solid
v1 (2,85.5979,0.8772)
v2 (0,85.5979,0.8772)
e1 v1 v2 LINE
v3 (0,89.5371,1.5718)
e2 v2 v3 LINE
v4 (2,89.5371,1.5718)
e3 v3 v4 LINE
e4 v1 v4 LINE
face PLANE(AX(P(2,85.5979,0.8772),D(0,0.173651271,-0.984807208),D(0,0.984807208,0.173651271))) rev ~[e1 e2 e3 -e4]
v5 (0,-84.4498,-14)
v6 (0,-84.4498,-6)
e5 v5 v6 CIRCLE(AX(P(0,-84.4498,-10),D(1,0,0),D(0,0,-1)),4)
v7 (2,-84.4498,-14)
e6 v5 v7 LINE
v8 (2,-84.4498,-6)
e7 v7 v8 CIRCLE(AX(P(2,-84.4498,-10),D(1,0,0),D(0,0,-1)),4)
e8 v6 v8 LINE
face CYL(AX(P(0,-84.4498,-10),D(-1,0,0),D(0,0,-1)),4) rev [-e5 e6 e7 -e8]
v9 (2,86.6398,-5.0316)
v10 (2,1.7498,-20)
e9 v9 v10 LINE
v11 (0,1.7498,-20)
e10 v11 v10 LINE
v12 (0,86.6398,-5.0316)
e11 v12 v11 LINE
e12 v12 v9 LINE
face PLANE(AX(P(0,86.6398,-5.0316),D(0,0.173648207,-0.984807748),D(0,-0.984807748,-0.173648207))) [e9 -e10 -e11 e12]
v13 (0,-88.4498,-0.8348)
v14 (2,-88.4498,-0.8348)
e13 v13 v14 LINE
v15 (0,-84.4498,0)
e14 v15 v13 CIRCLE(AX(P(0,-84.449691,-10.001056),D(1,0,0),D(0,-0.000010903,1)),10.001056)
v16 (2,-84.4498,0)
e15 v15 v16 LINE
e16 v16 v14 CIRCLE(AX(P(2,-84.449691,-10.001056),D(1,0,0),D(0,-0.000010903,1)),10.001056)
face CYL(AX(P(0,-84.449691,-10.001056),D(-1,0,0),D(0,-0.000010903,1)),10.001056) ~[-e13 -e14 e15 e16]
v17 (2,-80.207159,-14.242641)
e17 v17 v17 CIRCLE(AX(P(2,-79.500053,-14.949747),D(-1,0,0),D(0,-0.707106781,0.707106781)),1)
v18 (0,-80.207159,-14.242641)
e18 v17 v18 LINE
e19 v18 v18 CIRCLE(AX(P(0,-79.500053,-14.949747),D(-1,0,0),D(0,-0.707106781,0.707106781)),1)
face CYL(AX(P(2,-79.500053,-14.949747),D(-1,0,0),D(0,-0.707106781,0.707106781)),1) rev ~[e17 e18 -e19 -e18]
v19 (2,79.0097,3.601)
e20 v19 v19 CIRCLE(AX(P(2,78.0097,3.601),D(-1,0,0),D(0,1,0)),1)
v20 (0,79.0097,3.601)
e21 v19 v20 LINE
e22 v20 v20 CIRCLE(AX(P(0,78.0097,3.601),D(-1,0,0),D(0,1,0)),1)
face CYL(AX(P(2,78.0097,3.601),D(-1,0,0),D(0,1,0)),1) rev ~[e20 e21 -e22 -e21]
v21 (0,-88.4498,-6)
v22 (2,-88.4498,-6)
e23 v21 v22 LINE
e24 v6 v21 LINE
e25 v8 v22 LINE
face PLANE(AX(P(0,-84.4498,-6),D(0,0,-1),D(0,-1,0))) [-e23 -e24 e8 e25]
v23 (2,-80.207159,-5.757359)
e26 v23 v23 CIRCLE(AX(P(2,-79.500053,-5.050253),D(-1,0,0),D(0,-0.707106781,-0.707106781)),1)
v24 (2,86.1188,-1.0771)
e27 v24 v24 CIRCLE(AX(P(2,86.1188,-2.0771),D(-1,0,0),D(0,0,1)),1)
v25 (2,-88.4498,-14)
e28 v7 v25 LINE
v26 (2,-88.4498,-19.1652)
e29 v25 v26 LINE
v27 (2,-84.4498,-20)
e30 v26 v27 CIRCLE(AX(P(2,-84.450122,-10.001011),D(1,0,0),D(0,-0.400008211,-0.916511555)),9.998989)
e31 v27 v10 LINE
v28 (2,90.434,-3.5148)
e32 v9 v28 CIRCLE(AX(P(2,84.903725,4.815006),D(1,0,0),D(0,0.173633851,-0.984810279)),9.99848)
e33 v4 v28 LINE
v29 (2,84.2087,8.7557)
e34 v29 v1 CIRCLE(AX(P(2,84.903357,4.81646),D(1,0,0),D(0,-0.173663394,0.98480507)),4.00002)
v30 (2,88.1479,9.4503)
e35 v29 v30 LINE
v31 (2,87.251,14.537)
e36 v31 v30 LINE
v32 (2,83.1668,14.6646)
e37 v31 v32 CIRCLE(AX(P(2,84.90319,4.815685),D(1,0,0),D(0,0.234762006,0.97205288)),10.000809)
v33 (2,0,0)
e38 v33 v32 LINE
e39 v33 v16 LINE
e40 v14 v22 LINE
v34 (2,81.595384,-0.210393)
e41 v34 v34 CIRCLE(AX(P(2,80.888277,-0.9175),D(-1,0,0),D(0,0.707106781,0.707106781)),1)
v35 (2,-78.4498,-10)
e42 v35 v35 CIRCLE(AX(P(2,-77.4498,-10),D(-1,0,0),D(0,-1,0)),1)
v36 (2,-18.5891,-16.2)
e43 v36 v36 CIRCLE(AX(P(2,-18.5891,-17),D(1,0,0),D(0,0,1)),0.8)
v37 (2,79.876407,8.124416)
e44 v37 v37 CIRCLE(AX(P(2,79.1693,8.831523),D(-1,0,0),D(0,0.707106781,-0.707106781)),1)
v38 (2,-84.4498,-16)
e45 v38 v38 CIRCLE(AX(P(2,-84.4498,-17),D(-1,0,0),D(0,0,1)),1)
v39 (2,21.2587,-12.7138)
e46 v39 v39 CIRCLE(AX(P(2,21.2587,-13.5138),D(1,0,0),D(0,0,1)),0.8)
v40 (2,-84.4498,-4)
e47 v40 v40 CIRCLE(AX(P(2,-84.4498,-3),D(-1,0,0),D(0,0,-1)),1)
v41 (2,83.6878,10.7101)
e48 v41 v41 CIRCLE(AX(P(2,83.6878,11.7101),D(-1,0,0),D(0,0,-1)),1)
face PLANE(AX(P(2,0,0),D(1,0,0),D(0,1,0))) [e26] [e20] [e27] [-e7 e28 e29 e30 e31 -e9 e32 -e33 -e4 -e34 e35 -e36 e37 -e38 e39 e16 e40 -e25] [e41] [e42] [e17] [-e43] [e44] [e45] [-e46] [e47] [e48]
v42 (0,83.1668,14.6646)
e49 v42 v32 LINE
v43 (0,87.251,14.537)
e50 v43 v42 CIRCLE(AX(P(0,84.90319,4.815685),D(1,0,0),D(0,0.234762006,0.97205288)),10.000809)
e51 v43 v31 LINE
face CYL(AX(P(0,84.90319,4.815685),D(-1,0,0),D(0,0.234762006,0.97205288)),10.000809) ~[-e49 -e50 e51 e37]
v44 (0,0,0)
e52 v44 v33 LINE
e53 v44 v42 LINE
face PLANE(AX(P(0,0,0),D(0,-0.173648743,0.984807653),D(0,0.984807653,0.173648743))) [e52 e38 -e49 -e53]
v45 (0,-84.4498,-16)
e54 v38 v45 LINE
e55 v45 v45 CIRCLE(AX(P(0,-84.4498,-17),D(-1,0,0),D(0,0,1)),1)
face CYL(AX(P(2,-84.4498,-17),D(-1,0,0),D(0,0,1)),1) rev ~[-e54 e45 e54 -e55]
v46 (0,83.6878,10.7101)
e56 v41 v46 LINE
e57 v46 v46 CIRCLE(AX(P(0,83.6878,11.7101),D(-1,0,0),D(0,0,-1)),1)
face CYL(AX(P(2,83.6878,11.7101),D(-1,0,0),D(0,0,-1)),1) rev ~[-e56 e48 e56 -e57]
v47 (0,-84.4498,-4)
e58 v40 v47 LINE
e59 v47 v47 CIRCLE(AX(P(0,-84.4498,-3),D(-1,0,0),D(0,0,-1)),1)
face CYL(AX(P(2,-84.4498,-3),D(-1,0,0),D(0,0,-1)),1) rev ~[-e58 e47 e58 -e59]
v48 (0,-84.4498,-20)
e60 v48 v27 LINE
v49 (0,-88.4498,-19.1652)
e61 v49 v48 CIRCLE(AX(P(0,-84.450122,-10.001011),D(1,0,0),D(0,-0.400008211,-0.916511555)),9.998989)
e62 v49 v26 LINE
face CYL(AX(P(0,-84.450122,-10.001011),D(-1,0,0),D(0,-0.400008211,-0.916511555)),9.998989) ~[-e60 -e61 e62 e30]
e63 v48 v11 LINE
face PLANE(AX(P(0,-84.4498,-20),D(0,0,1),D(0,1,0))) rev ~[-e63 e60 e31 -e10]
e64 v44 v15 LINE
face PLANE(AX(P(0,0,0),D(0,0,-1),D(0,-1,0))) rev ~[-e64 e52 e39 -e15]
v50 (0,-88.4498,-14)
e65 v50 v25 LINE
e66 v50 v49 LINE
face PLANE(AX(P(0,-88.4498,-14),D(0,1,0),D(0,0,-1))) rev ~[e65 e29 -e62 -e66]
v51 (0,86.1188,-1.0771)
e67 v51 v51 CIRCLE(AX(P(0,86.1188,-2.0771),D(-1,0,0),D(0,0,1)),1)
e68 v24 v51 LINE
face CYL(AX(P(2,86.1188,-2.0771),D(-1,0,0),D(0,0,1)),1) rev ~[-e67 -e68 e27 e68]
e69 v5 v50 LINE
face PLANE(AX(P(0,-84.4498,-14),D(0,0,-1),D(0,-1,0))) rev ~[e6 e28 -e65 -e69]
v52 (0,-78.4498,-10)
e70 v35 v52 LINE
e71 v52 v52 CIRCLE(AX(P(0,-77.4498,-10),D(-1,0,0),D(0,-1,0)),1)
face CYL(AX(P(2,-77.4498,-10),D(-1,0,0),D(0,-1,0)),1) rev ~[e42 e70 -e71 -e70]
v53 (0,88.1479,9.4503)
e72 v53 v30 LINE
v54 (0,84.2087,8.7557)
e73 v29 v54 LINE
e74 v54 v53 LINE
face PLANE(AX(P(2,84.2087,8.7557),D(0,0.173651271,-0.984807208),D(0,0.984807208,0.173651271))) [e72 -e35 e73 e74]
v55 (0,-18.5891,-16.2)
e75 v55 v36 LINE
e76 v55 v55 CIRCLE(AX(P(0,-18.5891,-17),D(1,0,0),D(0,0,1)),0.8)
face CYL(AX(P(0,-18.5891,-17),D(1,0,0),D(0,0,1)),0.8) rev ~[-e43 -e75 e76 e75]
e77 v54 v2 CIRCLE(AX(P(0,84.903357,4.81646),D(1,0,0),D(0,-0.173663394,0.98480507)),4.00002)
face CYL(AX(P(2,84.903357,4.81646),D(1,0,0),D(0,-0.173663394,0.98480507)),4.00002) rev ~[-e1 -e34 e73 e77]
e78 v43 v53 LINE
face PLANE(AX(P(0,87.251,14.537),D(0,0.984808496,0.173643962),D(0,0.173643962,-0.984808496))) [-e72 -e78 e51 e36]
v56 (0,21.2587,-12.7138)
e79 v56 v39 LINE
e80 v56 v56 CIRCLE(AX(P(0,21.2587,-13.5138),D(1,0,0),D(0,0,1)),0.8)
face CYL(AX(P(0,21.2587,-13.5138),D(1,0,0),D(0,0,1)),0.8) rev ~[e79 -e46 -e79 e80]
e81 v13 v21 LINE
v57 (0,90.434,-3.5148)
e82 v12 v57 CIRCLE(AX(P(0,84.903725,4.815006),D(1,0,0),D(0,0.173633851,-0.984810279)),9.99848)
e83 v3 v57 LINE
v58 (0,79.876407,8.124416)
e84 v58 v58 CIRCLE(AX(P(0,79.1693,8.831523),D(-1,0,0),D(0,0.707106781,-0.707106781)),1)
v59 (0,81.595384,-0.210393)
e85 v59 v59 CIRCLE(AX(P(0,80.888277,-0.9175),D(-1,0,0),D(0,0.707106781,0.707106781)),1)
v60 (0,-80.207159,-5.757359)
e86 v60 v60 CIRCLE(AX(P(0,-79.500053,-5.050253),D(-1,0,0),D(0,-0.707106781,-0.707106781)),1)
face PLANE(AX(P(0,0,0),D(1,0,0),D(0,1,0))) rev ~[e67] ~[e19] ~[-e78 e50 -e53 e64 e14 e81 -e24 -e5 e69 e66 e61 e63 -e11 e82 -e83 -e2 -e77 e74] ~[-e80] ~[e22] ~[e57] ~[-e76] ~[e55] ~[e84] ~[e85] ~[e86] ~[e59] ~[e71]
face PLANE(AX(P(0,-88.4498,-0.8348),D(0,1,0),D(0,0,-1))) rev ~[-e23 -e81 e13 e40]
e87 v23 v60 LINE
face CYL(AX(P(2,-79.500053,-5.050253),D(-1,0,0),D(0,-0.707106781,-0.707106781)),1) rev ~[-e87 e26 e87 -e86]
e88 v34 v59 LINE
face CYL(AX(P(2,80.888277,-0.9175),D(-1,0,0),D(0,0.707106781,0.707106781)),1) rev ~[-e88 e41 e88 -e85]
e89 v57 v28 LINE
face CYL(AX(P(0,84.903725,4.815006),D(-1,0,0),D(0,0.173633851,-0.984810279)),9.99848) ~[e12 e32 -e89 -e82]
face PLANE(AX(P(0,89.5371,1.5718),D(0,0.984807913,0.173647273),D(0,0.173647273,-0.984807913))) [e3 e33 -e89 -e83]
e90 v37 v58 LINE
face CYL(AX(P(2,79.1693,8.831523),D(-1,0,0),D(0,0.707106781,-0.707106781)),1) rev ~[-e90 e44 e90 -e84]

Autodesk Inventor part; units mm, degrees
ref_plane "YZ Plane" through (0, 0, 0) normal (1, 0, 0) x (0, 1, 0)
ref_plane "XZ Plane" through (0, 0, 0) normal (0, 1, 0) x (-1, 0, 0)
ref_plane "XY Plane" through (0, 0, 0) normal (0, 0, 1) x (1, 0, 0)
sketch "スケッチ2" plane through (0, 0, 0) normal (1, 0, 0) x (0, 1, 0)
  line L0 (0, 0) -> (-84.4498, 0)
  line L1 (-84.4498, -20) -> (1.7498, -20)
  line L2 (0, 0) -> (83.1668, 14.6646)
  line L3 (86.6398, -5.0316) -> (1.7498, -20)
  arc A0 (87.251, 14.537) -> (83.1668, 14.6646) centre (84.9033, 4.8165) ccw
  arc A1 (86.6398, -5.0316) -> (90.434, -3.5148) centre (84.9033, 4.8165) ccw
  arc A2 (-88.4498, -19.1652) -> (-84.4498, -20) centre (-84.4498, -10) ccw
  arc A3 (-84.4498, 0) -> (-88.4498, -0.8348) centre (-84.4498, -10) ccw
  arc A4 (-84.4498, -14) -> (-84.4498, -6) centre (-84.4498, -10) ccw
  line L4 (-84.4498, -6) -> (-88.4498, -6)
  line L5 (-84.4498, -14) -> (-88.4498, -14)
  line L6 (-88.4498, -0.8348) -> (-88.4498, -6)
  line L7 (-88.4498, -14) -> (-88.4498, -19.1652)
  line L8 (87.251, 14.537) -> (88.1479, 9.4503)
  line L9 (89.5371, 1.5718) -> (90.434, -3.5148)
  line L10 (1.7498, -20) -> (0, 0)
  line L11 (88.1479, 9.4503) -> (89.5371, 1.5718)
  dimension "d21" = 20
  dimension "d22" = 10
  dimension "d23" = 170
  dimension "d27" = 10
  dimension "d31" = 8
  dimension "d33" = 4
  dimension "d35" = 4
  dimension "d36" = 170
  dimension "d139" = 20
extrude "押し出し1" add sketch "スケッチ2" along normal blind 2
sketch "スケッチ4" plane through (0, 0, 0) normal (-1, 0, 0) x (0, 0, 1)
  line L0 (-20, 1.7498) -> (-5.0316, 86.6398) projected
  line L1 (-20, -84.4498) -> (-20, 1.7498) projected
  circle A0 centre (-17, -18.5891) radius 1
  circle A1 centre (-13.5138, 21.2587) radius 1
  line L2 (-17, -18.5891) -> (-13.5138, 21.2587)
  line L3 (-20, 1.7498) -> (0, 0)
  dimension "d57" = 2
  dimension "d59" = 40
  dimension "d60" = 175
  dimension "d61" = 3
  dimension "d62" = 3
hole "穴2" at (0, -18.5891, -17) at (0, 21.2587, -13.5138) direction (1, 0, 0) diameter 1.6 end through all
sketch "スケッチ6" plane through (2, 0, 0) normal (1, 0, 0) x (0, 0, -1)
  line L0 (20, 1.7498) -> (5.0316, 86.6398) projected
  arc A0 (5.0316, 86.6398) -> (3.5148, 90.434) centre (-4.8165, 84.9033) ccw projected
  line L1 (3.5148, 90.434) -> (-14.537, 87.251) projected
  arc A1 (-14.537, 87.251) -> (-14.6646, 83.1668) centre (-4.8165, 84.9033) ccw projected
  line L2 (-14.6646, 83.1668) -> (0, 0) projected
  line L3 (-9.3978, 53.2975) -> (-12.6117, 57.1277)
  line L4 (-14.537, 87.251) -> (-17.8212, 86.6719)
  line L5 (-17.8212, 86.6719) -> (-12.6117, 57.1277)
  line L6 (3.5148, 90.434) -> (6.799, 91.0131)
  line L7 (6.799, 91.0131) -> (12.0085, 61.4689)
  line L8 (12.0085, 61.4689) -> (10.2984, 56.7704)
  dimension "d75" = 150
  dimension "d76" = 150
  dimension "d77" = 2.5
  dimension "d78" = 2.5
  dimension "d79" = 30
extrude "押し出し2" [suppressed]
sketch "スケッチ5" plane through (2, 0, 0) normal (1, 0, 0) x (0, 0, -1)
  line L0 (3.5148, 90.434) -> (-14.537, 87.251) projected
  circle A0 centre (-12.5213, 82.5293) radius 1.5
  circle A1 centre (3.2356, 85.3077) radius 1.5
  line L1 (5.0316, 86.6398) -> (20, 1.7498) projected
  line L2 (20, 1.7498) -> (20, -84.4498) projected
  arc A2 (19.1652, -88.4498) -> (20, -84.4498) centre (10, -84.4498) ccw projected
  line L3 (19.1652, -88.4498) -> (14, -88.4498) projected
  line L4 (14, -88.4498) -> (14, -84.4498) projected
  arc A3 (14, -84.4498) -> (6, -84.4498) centre (10, -84.4498) ccw projected
  line L5 (6, -84.4498) -> (6, -88.4498) projected
  line L6 (6, -88.4498) -> (0.8348, -88.4498) projected
  arc A4 (0, -84.4498) -> (0.8348, -88.4498) centre (10, -84.4498) ccw projected
  line L7 (0, -84.4498) -> (0, 0) projected
  line L8 (0, 0) -> (-14.6646, 83.1668) projected
  circle A5 centre (17, -18.5891) radius 0.8 projected
  circle A6 centre (13.5138, 21.2587) radius 0.8 projected
  arc A7 (-14.537, 87.251) -> (-14.6646, 83.1668) centre (-4.8165, 84.9033) ccw projected
  line L9 (-14.537, 87.251) -> (3.5148, 90.434) projected
  arc A8 (5.0316, 86.6398) -> (3.5148, 90.434) centre (-4.8165, 84.9033) ccw projected
  dimension "d70" = 5
  dimension "d71" = 5
  dimension "d72" = 3
  dimension "d114" = 16
hole "穴3" [suppressed]
sketch "スケッチ7" plane through (2, 0, 0) normal (1, 0, 0) x (0, 0, -1)
  arc A0 (0, -84.4498) -> (0.8348, -88.4498) centre (10, -84.4498) ccw projected
  line L0 (0.8348, -88.4498) -> (6, -88.4498) projected
  circle A1 centre (3, -84.4498) radius 1
  dimension "d89" = 4
  dimension "d90" = 7
  dimension "d91" = 2
hole "穴4" at (2, -84.4498, -3) direction (-1, 0, 0) diameter 2 end through all
pattern_circular "円形状パターン3" count 5 over 180 about axis through (0, -84.4498, -10) along (-1, 0, 0) of "穴4"
sketch "スケッチ8" plane through (2, 0, 0) normal (1, 0, 0) x (0, 0, -1)
  line L0 (3.5148, 90.434) -> (-14.537, 87.251) projected
  line L1 (-17.8212, 86.6719) -> (-12.6117, 57.1277) projected
  circle A0 centre (-11.4794, 76.6205) radius 1.5
  circle A1 centre (4.2775, 79.3988) radius 1.5
  point P0 (6.799, 91.0131)
  dimension "d102" = 11
  dimension "d103" = 11
  dimension "d104" = 16
  dimension "d105" = 4.5
  dimension "d106" = 3
hole "穴5" [suppressed]
sketch "スケッチ11" plane through (2, 0, 0) normal (1, 0, 0) x (0, 0, -1)
  circle A0 centre (-11.4794, 76.6205) radius 1.75 projected
  circle A1 centre (4.2775, 79.3988) radius 1.75 projected
  line L0 (-17.8212, 86.6719) -> (-12.6117, 57.1277) projected
  circle A2 centre (-8.8747, 61.8483) radius 1.5
  circle A3 centre (6.8822, 64.6267) radius 1.5
  dimension "d124" = 3
  dimension "d126" = 16
  dimension "d127" = 15
  dimension "d128" = 4.5
  dimension "d130" = 15
hole "穴6" [suppressed]
sketch "スケッチ13" plane through (2, 0, 0) normal (1, 0, 0) x (0, 0, -1)
  line L0 (0, 0) -> (0, -84.4498) projected
  line L1 (20, -84.4498) -> (20, 1.7498) projected
  line L2 (20, 1.7498) -> (5.0316, 86.6398) projected
  line L3 (3.5148, 90.434) -> (-14.537, 87.251) projected
  line L4 (-14.6646, 83.1668) -> (0, 0) projected
  line L5 (-3.8662, 44.9615) -> (9.2538, 39.6592)
  line L6 (9.2538, 39.6592) -> (6.6491, 54.4313)
  line L7 (6.6491, 54.4313) -> (-3.8662, 44.9615)
  line L8 (-2.1297, 35.1134) -> (10.9903, 29.8111)
  line L9 (10.9903, 29.8111) -> (0.475, 20.3413)
  line L10 (0.475, 20.3413) -> (-2.1297, 35.1134)
  line L11 (2.7324, 7.5388) -> (13.2477, 17.0086)
  line L12 (13.2477, 17.0086) -> (15.8525, 2.2365)
  line L13 (15.8525, 2.2365) -> (2.7324, 7.5388)
  line L14 (4, -2.2635) -> (16, -9.7635)
  line L15 (4, -17.2635) -> (4, -2.2635)
  line L16 (16, -9.7635) -> (4, -17.2635)
  line L17 (4, -30.2635) -> (16, -22.7635)
  line L18 (16, -22.7635) -> (16, -37.7635)
  line L19 (16, -37.7635) -> (4, -30.2635)
  line L20 (4, -55.2635) -> (16, -47.7635)
  line L21 (16, -47.7635) -> (4, -40.2635)
  line L22 (4, -40.2635) -> (4, -55.2635)
  line L23 (4, -65.2635) -> (16, -57.7635)
  line L24 (16, -57.7635) -> (16, -72.7635)
  line L25 (16, -72.7635) -> (4, -65.2635)
  point P0 (10.2984, 56.7704)
  point P1 (6.799, 91.0131)
  point P2 (-17.8212, 86.6719)
  point P3 (-9.3978, 53.2975)
  dimension "d141" = 15
  dimension "d144" = 4
  dimension "d145" = 36
  dimension "d146" = 12
  dimension "d147" = 4
  dimension "d149" = 4
  dimension "d160" = 4
  dimension "d162" = 61
  dimension "d163" = 74
  dimension "d164" = 12
  dimension "d165" = 13
  dimension "d166" = 4
  dimension "d167" = 4
  dimension "d168" = 10
  dimension "d169" = 4
  dimension "d170" = 10
extrude "押し出し4" [suppressed]
fillet "フィレット1" [suppressed]
sketch "スケッチ14" plane through (2, 0, 0) normal (1, 0, 0) x (0, 0, -1)
  line L0 (3.5148, 90.434) -> (-14.537, 87.251) projected
  arc A0 (-14.537, 87.251) -> (-14.6646, 83.1668) centre (-4.8165, 84.9033) ccw projected
  arc A1 (-8.7557, 84.2087) -> (-0.8772, 85.5979) centre (-4.8165, 84.9033) ccw
  line L1 (-8.7557, 84.2087) -> (-9.4503, 88.1479)
  line L2 (-0.8772, 85.5979) -> (-1.5718, 89.5371)
  dimension "d174" = 8
extrude "押し出し5" cut sketch "スケッチ14" against normal blind 2
sketch "スケッチ15" plane through (2, 0, 0) normal (1, 0, 0) x (0, 0, -1)
  line L0 (-9.4503, 88.1479) -> (-14.537, 87.251) projected
  arc A0 (-14.537, 87.251) -> (-14.6646, 83.1668) centre (-4.8165, 84.9033) ccw projected
  circle A1 centre (-11.7101, 83.6878) radius 1
  dimension "d178" = 2
  dimension "d180" = 4
  dimension "d181" = 7
hole "穴7" at (2, 83.6878, 11.7101) direction (-1, 0, 0) diameter 2 end through all
pattern_circular "円形状パターン4" count 5 over 180 about axis through (2, 84.9033, 4.8165) along (1, 0, 0) of "穴7"
properties part number "Arm_Link_1" material "アルミニウム 6061"
